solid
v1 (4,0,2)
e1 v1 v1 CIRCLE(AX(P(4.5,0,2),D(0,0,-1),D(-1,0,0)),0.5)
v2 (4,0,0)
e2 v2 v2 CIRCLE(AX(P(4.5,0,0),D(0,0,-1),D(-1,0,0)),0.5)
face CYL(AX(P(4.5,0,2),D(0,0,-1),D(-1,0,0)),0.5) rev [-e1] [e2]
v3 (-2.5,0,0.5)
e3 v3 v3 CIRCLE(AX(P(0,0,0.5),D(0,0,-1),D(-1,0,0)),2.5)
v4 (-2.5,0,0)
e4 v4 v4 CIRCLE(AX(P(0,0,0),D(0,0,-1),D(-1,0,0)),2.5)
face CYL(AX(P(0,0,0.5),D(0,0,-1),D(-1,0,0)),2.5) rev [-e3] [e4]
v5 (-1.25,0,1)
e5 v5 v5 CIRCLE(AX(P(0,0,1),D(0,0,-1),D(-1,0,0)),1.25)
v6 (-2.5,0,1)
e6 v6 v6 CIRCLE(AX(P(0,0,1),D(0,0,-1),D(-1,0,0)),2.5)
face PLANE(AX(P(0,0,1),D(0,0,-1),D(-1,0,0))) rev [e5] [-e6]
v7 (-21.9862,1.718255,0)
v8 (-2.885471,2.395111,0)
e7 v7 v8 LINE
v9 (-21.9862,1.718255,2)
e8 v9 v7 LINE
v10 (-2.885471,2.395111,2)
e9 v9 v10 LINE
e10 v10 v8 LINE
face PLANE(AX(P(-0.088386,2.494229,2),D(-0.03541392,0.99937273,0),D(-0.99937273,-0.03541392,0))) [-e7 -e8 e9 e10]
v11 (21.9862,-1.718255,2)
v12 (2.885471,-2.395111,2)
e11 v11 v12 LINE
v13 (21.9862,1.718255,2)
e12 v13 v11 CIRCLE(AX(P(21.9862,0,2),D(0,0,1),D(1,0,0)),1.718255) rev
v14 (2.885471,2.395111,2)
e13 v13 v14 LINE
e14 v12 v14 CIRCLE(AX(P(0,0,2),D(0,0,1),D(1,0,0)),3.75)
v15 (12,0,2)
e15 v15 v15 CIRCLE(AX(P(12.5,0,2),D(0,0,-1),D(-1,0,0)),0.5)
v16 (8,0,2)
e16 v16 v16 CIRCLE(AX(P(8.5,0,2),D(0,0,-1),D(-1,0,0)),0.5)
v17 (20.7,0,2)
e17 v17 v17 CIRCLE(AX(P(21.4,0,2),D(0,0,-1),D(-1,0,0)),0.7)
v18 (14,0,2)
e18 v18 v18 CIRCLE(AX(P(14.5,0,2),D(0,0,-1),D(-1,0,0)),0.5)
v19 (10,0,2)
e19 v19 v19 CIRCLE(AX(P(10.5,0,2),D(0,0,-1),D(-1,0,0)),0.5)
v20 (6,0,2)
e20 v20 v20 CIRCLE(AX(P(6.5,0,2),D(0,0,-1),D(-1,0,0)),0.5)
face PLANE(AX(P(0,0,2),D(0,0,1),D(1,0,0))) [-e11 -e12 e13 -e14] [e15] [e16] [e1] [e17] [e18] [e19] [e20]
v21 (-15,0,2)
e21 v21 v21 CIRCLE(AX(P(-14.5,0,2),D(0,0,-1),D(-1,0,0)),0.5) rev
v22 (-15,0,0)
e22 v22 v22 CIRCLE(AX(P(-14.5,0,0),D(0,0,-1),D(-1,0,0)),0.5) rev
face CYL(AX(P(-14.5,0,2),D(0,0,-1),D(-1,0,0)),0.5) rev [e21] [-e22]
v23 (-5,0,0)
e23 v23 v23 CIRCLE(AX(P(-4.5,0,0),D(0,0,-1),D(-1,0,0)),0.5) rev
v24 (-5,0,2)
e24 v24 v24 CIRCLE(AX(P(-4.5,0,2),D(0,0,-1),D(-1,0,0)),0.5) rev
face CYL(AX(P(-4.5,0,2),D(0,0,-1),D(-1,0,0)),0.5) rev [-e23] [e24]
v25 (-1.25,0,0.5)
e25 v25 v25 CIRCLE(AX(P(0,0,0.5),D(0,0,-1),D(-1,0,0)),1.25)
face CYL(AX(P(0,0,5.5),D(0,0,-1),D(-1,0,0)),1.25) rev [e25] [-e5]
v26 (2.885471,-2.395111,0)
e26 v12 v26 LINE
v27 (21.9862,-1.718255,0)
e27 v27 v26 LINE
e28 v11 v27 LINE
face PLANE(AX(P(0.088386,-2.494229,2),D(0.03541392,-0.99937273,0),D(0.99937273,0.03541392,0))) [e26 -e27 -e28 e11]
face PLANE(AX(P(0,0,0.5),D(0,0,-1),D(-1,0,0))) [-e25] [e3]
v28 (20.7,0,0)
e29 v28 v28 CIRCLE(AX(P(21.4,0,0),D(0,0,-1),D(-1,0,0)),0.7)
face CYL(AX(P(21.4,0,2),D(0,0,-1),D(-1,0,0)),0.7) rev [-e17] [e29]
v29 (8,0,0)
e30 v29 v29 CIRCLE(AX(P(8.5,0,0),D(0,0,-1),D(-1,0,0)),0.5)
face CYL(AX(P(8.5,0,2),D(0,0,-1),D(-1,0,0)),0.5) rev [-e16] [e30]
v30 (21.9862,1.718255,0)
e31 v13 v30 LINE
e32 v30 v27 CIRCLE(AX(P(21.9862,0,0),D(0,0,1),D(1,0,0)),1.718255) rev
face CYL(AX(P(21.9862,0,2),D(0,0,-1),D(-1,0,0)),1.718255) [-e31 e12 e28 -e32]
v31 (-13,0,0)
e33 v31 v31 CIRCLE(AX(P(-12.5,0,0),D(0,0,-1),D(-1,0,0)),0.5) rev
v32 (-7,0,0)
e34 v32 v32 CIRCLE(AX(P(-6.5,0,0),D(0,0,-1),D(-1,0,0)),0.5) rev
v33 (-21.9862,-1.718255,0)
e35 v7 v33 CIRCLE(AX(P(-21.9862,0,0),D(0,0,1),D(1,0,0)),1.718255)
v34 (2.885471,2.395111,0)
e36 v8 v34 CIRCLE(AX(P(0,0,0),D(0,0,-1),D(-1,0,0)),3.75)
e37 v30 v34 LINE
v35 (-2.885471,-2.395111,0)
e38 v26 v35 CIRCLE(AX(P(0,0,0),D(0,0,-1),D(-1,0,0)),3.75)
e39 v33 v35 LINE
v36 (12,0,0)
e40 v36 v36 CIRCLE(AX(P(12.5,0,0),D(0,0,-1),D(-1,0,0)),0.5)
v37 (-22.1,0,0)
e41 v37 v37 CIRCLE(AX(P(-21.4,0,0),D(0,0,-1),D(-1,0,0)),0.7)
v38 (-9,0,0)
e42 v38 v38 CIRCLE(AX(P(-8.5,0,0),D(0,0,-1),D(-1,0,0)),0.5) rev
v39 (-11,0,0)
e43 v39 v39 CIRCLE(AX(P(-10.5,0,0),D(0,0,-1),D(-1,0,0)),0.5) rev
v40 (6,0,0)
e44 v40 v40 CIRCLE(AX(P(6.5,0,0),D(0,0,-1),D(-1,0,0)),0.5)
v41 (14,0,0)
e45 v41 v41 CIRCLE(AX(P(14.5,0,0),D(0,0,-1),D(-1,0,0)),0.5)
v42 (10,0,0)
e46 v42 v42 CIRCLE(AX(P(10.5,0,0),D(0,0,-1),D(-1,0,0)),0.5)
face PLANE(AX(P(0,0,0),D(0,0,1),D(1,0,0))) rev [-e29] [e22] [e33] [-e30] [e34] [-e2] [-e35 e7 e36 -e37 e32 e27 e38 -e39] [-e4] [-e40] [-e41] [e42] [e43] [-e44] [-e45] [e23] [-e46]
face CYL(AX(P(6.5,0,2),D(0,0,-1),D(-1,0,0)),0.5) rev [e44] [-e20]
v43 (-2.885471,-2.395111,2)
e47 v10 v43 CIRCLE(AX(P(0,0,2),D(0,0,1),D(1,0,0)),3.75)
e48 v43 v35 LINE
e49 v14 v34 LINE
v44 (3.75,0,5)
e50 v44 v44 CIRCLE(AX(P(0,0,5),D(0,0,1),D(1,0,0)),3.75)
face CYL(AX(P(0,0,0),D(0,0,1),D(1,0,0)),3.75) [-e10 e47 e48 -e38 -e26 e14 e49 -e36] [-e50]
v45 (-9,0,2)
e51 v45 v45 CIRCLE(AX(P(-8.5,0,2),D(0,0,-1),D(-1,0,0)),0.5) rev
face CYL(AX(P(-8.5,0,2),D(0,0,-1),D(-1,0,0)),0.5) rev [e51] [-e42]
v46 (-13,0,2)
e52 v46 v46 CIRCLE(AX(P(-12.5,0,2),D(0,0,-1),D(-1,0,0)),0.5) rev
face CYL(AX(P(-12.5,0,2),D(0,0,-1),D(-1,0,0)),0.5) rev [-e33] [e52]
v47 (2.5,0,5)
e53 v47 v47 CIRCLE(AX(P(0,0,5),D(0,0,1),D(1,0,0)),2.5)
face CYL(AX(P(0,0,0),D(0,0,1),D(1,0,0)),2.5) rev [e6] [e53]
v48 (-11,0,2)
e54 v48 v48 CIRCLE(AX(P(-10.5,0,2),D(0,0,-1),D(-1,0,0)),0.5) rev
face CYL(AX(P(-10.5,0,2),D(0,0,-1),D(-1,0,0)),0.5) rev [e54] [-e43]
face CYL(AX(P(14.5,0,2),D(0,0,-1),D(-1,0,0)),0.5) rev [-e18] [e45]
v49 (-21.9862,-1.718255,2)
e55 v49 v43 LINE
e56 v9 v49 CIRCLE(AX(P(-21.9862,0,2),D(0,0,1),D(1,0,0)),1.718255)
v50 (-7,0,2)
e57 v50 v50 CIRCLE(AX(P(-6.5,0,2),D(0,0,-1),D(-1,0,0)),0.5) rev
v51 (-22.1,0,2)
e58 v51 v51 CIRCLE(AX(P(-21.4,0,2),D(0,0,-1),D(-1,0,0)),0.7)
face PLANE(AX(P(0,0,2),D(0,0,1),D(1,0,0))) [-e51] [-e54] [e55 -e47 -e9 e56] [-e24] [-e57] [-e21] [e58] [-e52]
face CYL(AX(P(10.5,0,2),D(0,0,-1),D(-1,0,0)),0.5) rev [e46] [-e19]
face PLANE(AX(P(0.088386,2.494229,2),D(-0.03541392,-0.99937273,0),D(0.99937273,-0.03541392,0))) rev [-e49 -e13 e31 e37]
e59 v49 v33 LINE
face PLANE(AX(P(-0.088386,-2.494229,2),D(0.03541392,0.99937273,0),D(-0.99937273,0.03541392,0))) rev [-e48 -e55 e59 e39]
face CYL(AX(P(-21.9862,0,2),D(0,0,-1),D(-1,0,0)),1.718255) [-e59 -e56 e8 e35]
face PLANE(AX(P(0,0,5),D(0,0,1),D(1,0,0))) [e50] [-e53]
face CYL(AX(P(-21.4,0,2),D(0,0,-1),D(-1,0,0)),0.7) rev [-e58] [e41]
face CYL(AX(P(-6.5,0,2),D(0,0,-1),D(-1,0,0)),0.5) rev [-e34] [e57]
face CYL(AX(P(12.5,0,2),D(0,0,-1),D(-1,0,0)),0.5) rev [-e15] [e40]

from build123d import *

# Parameters (mm, degrees)
EXTRUDE_3_DEPTH     = 2
EXTRUDE_3_2_DEPTH   = 2
SKETCH_2_R          = 3.75
SKETCH_2_R_2        = 2.5
EXTRUDE_5_DEPTH     = 3
EXTRUDE_START       = 2
SKETCH_3_R          = 3.75
SKETCH_3_R_2        = 2.5
EXTRUDE_6_DEPTH     = 2
SKETCH_4_R          = 0.5
CUT_EXTRUDE_1_DEPTH = 2
SKETCH_5_R          = 2.5
EXTRUDE_7_DEPTH     = 1
SKETCH_6_R          = 2.5
CUT_EXTRUDE_2_DEPTH = 0.5
SKETCH_7_R          = 1.25
CUT_EXTRUDE_3_DEPTH = 5
SKETCH4_R           = 0.7
CUT_EXTRUDE3_DEPTH  = 2
SKETCH5_R           = 0.7
CUT_EXTRUDE4_DEPTH  = 2


with BuildPart() as part:
    # Эскиз1 → Бобышка-Вытянуть3 (new body)
    with BuildSketch(Plane.XY):
        with BuildLine():
            ThreePointArc((-2.88547071, -2.395111434), (-3.527252129, -1.273182005), (-3.75, 0))
            ThreePointArc((-3.75, 0), (-3.527252129, 1.273182005), (-2.88547071, 2.395111434))
            Line((-2.88547071, 2.395111434), (-21.986200069, 1.718255157))
            ThreePointArc((-21.986200069, 1.718255157), (-23.704455226, 0), (-21.986200069, -1.718255157))
            Line((-21.986200069, -1.718255157), (-2.88547071, -2.395111434))
        make_face()
    extrude(amount=EXTRUDE_3_DEPTH)



with BuildPart() as body_2:
    # Эскиз1 → Extrude 3 2 (new body)
    with BuildSketch(Plane.XY):
        with BuildLine():
            Line((21.986200069, 1.718255157), (2.88547071, 2.395111434))
            ThreePointArc((2.88547071, 2.395111434), (3.75, 0), (2.88547071, -2.395111434))
            Line((2.88547071, -2.395111434), (21.986200069, -1.718255157))
            ThreePointArc((21.986200069, -1.718255157), (23.704455226, 0), (21.986200069, 1.718255157))
        make_face()
    extrude(amount=EXTRUDE_3_2_DEPTH)


with BuildPart() as body_3:
    # Эскиз2 → Бобышка-Вытянуть5 (new body)
    with BuildSketch(Plane.XY.offset(2)):
        Circle(SKETCH_2_R)
        Circle(SKETCH_2_R_2, mode=Mode.SUBTRACT)
    extrude(amount=EXTRUDE_5_DEPTH)


with BuildPart() as part_1:
    add(part.part)

    add(body_2.part)  # Бобышка-Вытянуть6 merges body 2

    add(body_3.part)  # Бобышка-Вытянуть6 merges body 3
    # Эскиз3 → Бобышка-Вытянуть6 (add)
    with BuildSketch(Plane(origin=(0, 0, 2), x_dir=(-1, 0, 0), z_dir=(0, 0, -1)).offset(EXTRUDE_START)):
        with Locations(Location((0, 0, 0), (0, 0, 180))):
            Circle(SKETCH_3_R)
        with Locations(Location((0, 0, 0), (0, 0, 180))):
            Circle(SKETCH_3_R_2, mode=Mode.SUBTRACT)
    extrude(amount=-EXTRUDE_6_DEPTH)

    # Эскиз4 → Вырез-Вытянуть1 (cut)
    with BuildSketch(Plane(origin=(0, 0, 0), x_dir=(-1, 0, 0), z_dir=(0, 0, -1))):
        with Locations((-14.5, 0)):
            Circle(SKETCH_4_R)
        with Locations((-4.5, 0)):
            Circle(SKETCH_4_R)
        with Locations((-6.5, 0)):
            Circle(SKETCH_4_R)
        with Locations((-8.5, 0)):
            Circle(SKETCH_4_R)
        with Locations((-10.5, 0)):
            Circle(SKETCH_4_R)
        with Locations((-12.5, 0)):
            Circle(SKETCH_4_R)
        with Locations((4.5, 0)):
            Circle(SKETCH_4_R)
        with Locations((6.5, 0)):
            Circle(SKETCH_4_R)
        with Locations((8.5, 0)):
            Circle(SKETCH_4_R)
        with Locations((10.5, 0)):
            Circle(SKETCH_4_R)
        with Locations((12.5, 0)):
            Circle(SKETCH_4_R)
        with Locations((14.5, 0)):
            Circle(SKETCH_4_R)
    extrude(amount=-CUT_EXTRUDE_1_DEPTH, mode=Mode.SUBTRACT)

    # Эскиз5 → Бобышка-Вытянуть7 (add)
    with BuildSketch(Plane(origin=(0, 0, 0), x_dir=(-1, 0, 0), z_dir=(0, 0, -1))):
        with Locations(Location((0, 0, 0), (0, 0, 180))):
            Circle(SKETCH_5_R)
    extrude(amount=-EXTRUDE_7_DEPTH)

    # Эскиз6 → Вырез-Вытянуть2 (cut)
    with BuildSketch(Plane(origin=(0, 0, 0), x_dir=(-1, 0, 0), z_dir=(0, 0, -1))):
        with Locations(Location((0, 0, 0), (0, 0, 180))):
            Circle(SKETCH_6_R)
    extrude(amount=-CUT_EXTRUDE_2_DEPTH, mode=Mode.SUBTRACT)

    # Эскиз7 → Вырез-Вытянуть3 (cut)
    with BuildSketch(Plane(origin=(0, 0, 0.5), x_dir=(-1, 0, 0), z_dir=(0, 0, -1))):
        Circle(SKETCH_7_R)
    extrude(amount=-CUT_EXTRUDE_3_DEPTH, mode=Mode.SUBTRACT)

    # Sketch4 → Cut-Extrude3 (cut)
    with BuildSketch(Plane(origin=(0, 0, 0), x_dir=(-1, 0, 0), z_dir=(0, 0, -1))):
        with Locations((21.4, 0)):
            Circle(SKETCH4_R)
    extrude(amount=-CUT_EXTRUDE3_DEPTH, mode=Mode.SUBTRACT)

    # Sketch5 → Cut-Extrude4 (cut)
    with BuildSketch(Plane(origin=(0, 0, 0), x_dir=(-1, 0, 0), z_dir=(0, 0, -1))):
        with Locations((-21.4, 0)):
            Circle(SKETCH5_R)
    extrude(amount=-CUT_EXTRUDE4_DEPTH, mode=Mode.SUBTRACT)


solid = part_1.part
